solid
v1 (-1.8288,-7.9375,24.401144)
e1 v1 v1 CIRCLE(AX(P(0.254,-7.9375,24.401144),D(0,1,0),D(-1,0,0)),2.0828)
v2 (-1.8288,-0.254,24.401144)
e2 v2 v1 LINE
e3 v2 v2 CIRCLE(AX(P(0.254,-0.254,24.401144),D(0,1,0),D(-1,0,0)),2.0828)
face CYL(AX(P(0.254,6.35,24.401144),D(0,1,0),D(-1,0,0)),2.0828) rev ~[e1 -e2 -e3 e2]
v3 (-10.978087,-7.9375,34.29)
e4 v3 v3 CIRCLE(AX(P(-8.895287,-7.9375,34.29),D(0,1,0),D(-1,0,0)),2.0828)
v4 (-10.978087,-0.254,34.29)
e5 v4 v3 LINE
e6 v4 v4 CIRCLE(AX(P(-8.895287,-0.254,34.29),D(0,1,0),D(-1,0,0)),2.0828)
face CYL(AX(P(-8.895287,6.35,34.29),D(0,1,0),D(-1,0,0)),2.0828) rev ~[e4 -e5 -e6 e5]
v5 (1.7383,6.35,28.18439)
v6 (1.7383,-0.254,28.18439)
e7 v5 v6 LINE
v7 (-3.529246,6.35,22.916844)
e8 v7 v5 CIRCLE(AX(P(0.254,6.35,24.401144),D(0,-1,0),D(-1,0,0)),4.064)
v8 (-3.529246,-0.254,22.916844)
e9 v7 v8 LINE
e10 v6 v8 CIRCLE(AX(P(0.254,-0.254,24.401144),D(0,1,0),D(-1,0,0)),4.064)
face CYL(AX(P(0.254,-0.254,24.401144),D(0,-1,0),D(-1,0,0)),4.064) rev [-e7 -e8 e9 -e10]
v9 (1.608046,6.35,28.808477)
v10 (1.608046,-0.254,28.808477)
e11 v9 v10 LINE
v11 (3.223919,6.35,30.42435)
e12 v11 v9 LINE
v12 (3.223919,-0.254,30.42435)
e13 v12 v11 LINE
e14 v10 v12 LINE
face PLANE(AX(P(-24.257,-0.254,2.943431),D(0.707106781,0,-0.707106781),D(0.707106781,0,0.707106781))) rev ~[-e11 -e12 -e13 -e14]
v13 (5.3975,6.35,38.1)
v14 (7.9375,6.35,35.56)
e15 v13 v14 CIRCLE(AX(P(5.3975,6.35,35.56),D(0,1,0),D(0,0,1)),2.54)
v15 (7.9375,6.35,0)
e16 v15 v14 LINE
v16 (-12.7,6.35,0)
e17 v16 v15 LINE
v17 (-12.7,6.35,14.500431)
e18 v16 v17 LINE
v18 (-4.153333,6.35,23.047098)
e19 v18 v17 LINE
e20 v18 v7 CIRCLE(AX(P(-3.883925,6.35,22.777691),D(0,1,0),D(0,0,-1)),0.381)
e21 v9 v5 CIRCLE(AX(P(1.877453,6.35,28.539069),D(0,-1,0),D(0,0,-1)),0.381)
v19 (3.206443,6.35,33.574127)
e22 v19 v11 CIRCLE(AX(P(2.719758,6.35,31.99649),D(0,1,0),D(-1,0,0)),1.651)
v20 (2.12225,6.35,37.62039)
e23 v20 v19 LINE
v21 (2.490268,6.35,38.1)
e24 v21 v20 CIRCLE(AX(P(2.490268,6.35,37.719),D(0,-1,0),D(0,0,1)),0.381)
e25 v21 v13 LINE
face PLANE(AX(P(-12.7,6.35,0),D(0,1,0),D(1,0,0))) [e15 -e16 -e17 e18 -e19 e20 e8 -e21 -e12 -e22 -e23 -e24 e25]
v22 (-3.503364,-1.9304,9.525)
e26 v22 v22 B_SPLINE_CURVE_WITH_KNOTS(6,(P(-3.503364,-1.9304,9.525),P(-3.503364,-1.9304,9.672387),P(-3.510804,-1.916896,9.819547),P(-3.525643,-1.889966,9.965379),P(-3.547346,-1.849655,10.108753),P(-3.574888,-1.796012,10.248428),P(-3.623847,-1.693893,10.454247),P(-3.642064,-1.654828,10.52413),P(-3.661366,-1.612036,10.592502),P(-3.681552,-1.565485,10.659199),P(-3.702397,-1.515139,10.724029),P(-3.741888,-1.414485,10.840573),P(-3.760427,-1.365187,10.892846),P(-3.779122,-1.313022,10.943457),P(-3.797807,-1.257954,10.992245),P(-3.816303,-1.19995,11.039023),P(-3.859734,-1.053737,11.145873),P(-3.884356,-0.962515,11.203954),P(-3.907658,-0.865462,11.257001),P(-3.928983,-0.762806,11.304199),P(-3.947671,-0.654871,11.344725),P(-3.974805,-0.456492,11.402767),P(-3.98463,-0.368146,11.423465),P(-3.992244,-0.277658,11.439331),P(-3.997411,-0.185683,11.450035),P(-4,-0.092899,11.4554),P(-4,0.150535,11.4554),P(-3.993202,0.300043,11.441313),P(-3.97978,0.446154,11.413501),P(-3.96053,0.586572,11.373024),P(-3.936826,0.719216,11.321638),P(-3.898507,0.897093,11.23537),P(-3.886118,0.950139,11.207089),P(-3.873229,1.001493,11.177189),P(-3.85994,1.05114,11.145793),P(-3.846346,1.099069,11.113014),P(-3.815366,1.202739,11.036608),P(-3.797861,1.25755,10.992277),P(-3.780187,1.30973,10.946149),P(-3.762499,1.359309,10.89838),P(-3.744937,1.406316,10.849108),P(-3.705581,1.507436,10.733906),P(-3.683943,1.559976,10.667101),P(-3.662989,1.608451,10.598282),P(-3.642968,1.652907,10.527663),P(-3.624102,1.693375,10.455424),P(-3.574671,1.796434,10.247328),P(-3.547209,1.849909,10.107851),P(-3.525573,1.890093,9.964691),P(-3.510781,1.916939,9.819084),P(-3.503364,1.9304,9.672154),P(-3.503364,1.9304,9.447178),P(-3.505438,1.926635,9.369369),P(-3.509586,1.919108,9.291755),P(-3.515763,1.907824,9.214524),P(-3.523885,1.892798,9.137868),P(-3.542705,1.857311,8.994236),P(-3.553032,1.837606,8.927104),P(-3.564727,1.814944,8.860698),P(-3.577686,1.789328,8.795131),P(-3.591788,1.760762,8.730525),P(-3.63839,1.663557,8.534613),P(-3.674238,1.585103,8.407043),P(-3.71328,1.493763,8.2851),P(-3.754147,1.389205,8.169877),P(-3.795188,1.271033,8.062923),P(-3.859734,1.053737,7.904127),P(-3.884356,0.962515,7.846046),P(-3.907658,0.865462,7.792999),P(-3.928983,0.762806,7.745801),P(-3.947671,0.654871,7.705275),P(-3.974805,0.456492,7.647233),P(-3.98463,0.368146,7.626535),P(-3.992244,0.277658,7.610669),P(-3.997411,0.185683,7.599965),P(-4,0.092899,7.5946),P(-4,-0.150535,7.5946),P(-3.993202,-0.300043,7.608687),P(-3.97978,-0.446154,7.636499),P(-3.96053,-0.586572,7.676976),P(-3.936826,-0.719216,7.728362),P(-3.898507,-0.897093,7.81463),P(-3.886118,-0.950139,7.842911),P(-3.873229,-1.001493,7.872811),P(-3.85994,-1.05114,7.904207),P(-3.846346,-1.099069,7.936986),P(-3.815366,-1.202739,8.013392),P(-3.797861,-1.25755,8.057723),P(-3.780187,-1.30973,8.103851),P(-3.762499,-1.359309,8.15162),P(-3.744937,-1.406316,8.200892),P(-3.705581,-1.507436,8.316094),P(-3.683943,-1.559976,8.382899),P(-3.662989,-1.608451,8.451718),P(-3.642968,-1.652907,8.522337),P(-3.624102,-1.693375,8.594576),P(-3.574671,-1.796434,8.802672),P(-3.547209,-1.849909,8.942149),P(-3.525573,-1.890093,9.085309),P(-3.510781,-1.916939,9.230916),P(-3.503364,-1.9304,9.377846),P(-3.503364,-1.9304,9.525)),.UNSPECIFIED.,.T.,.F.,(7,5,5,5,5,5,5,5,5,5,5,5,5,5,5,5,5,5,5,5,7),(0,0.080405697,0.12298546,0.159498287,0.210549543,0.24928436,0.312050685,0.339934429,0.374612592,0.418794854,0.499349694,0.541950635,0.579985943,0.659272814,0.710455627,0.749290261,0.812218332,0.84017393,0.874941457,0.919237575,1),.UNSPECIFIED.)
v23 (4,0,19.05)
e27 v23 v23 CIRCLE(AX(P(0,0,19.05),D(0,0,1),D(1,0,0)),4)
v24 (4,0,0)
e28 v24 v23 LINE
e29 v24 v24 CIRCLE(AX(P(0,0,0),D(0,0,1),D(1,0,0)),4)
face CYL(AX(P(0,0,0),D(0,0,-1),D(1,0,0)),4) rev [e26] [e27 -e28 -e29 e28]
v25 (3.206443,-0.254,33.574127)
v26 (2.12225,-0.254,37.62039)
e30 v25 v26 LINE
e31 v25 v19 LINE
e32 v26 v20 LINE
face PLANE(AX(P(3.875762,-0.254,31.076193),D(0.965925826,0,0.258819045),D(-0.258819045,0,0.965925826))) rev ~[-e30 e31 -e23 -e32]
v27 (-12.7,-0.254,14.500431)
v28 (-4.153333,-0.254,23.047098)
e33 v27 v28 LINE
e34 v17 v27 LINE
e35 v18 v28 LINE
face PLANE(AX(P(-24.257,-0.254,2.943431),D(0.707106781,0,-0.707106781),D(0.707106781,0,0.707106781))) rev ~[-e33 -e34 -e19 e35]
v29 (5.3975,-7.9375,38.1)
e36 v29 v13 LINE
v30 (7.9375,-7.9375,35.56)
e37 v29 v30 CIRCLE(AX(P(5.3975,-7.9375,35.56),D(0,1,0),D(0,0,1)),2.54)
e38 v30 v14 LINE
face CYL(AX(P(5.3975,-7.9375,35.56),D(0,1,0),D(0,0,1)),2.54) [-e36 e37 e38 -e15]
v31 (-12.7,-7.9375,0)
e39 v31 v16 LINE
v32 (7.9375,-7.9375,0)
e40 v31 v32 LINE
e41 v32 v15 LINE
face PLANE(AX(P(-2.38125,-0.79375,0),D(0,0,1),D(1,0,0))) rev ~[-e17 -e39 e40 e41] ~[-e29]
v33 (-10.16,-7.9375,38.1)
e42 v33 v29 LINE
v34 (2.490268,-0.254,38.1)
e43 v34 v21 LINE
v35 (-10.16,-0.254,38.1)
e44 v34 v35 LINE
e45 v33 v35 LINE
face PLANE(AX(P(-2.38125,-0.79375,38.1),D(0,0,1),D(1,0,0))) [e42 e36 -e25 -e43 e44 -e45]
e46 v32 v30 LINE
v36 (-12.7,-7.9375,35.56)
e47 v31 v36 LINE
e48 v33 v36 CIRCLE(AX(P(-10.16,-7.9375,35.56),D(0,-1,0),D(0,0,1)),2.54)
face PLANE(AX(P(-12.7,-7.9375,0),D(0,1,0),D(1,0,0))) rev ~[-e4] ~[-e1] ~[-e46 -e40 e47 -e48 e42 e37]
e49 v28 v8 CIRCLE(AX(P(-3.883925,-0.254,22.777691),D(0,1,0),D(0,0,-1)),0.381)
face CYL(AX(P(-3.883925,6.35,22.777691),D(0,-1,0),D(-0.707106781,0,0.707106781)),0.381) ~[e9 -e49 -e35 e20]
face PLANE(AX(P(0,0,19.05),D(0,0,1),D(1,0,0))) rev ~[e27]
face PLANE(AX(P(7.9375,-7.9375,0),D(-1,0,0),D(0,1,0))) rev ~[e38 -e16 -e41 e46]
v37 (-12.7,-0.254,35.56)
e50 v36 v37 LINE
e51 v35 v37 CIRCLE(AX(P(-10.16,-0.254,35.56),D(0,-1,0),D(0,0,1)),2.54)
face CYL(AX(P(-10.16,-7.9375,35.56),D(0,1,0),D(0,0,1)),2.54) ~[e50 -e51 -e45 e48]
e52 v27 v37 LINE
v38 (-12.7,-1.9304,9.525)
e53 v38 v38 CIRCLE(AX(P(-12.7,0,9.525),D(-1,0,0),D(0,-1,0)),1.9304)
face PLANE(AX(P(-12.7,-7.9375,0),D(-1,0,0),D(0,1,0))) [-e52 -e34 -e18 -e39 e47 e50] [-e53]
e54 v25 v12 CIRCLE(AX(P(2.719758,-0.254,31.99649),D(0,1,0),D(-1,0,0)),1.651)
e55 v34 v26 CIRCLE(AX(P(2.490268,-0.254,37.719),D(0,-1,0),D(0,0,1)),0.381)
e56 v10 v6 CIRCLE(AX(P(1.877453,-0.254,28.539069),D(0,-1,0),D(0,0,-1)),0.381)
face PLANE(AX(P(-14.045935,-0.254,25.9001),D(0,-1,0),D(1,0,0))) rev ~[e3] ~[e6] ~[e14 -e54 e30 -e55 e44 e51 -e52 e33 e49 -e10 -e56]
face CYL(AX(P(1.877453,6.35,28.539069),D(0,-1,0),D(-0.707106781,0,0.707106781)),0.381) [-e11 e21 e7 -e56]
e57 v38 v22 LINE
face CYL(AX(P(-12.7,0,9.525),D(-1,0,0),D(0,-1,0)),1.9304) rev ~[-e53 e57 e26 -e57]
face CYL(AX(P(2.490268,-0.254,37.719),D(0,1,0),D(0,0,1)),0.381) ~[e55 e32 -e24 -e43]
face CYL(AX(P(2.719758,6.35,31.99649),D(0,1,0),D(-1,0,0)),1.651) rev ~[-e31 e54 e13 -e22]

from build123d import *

# Parameters (mm, degrees)
F0_W      = 20.6375
F0_H      = 14.2875
F1_DEPTH  = 38.1
F2_R      = 4
F3_DEPTH  = 19.05
F6_DEPTH  = 22.61794
F7_R      = 1.651
F8_DEPTH  = 6.604
F9_R      = 2.0828
F10_DEPTH = 25.4
F11_R     = 4.064
F12_DEPTH = 25.4
F13_R     = 0.381
F14_R     = 1.9304
F15_DEPTH = 15.3176
F16_R     = 2.54


with BuildPart() as f1:
    # F0 (on Top) → F1 (new body)
    with BuildSketch(Plane.XY):
        with Locations((-2.38125, -0.79375)):
            Rectangle(F0_W, F0_H)
    extrude(amount=F1_DEPTH)

    # F2 (on Top) → F3 (cut)
    with BuildSketch(Plane.XY):
        Circle(F2_R)
    extrude(amount=F3_DEPTH, mode=Mode.SUBTRACT)

    # F5 (on offset) → F6 (cut)
    with BuildSketch(Plane.XZ.offset(0.254)):
        Polygon((-24.257, 41.275), (-24.257, 2.9434311857), (3.8757620392, 31.0761932248), (1.143, 41.275), align=None)
    extrude(amount=-F6_DEPTH, mode=Mode.SUBTRACT)

    # F7 (on face) → F8 (cut, through all)
    with BuildSketch(Plane(origin=(0, 6.35, 0), x_dir=(-1, 0, 0), z_dir=(0, 1, 0))):
        with Locations((-2.7197583304, 31.9964899328)):
            Circle(F7_R)
    extrude(amount=-F8_DEPTH, mode=Mode.SUBTRACT)

    # F9 (on face) → F10 (cut)
    with BuildSketch(Plane(origin=(0, 6.35, 0), x_dir=(-1, 0, 0), z_dir=(0, 1, 0))):
        with Locations((-0.254, 24.4011441045)):
            Circle(F9_R)
        with Locations((8.8952870812, 34.29)):
            Circle(F9_R)
    extrude(amount=-F10_DEPTH, mode=Mode.SUBTRACT)

    # F11 (on face) → F12 (cut)
    with BuildSketch(Plane(origin=(0, -0.254, 0), x_dir=(-1, 0, 0), z_dir=(0, 1, 0))):
        with Locations((-0.254, 24.4011441045)):
            Circle(F11_R)
    extrude(amount=F12_DEPTH, mode=Mode.SUBTRACT)

    # F13
    f13_edges = [f1.edges().sort_by_distance(p)[0] for p in [
        (-3.70727, 3.048, 23.493161),
        (1.161983, 3.048, 28.362414),
        (1.993739, 3.048, 38.1),
    ]]
    fillet(f13_edges, radius=F13_R)

    # F14 (on face) → F15 (cut)
    with BuildSketch(Plane(origin=(-12.7, 0, 0), x_dir=(0, -1, 0), z_dir=(-1, 0, 0))):
        with Locations((0, 9.525)):
            Circle(F14_R)
    extrude(amount=-F15_DEPTH, mode=Mode.SUBTRACT)

    # F16
    f16_edges = [f1.edges().sort_by_distance(p)[0] for p in [
        (-12.7, -4.09575, 38.1),
        (7.9375, -0.79375, 38.1),
    ]]
    fillet(f16_edges, radius=F16_R)


solid = f1.part
